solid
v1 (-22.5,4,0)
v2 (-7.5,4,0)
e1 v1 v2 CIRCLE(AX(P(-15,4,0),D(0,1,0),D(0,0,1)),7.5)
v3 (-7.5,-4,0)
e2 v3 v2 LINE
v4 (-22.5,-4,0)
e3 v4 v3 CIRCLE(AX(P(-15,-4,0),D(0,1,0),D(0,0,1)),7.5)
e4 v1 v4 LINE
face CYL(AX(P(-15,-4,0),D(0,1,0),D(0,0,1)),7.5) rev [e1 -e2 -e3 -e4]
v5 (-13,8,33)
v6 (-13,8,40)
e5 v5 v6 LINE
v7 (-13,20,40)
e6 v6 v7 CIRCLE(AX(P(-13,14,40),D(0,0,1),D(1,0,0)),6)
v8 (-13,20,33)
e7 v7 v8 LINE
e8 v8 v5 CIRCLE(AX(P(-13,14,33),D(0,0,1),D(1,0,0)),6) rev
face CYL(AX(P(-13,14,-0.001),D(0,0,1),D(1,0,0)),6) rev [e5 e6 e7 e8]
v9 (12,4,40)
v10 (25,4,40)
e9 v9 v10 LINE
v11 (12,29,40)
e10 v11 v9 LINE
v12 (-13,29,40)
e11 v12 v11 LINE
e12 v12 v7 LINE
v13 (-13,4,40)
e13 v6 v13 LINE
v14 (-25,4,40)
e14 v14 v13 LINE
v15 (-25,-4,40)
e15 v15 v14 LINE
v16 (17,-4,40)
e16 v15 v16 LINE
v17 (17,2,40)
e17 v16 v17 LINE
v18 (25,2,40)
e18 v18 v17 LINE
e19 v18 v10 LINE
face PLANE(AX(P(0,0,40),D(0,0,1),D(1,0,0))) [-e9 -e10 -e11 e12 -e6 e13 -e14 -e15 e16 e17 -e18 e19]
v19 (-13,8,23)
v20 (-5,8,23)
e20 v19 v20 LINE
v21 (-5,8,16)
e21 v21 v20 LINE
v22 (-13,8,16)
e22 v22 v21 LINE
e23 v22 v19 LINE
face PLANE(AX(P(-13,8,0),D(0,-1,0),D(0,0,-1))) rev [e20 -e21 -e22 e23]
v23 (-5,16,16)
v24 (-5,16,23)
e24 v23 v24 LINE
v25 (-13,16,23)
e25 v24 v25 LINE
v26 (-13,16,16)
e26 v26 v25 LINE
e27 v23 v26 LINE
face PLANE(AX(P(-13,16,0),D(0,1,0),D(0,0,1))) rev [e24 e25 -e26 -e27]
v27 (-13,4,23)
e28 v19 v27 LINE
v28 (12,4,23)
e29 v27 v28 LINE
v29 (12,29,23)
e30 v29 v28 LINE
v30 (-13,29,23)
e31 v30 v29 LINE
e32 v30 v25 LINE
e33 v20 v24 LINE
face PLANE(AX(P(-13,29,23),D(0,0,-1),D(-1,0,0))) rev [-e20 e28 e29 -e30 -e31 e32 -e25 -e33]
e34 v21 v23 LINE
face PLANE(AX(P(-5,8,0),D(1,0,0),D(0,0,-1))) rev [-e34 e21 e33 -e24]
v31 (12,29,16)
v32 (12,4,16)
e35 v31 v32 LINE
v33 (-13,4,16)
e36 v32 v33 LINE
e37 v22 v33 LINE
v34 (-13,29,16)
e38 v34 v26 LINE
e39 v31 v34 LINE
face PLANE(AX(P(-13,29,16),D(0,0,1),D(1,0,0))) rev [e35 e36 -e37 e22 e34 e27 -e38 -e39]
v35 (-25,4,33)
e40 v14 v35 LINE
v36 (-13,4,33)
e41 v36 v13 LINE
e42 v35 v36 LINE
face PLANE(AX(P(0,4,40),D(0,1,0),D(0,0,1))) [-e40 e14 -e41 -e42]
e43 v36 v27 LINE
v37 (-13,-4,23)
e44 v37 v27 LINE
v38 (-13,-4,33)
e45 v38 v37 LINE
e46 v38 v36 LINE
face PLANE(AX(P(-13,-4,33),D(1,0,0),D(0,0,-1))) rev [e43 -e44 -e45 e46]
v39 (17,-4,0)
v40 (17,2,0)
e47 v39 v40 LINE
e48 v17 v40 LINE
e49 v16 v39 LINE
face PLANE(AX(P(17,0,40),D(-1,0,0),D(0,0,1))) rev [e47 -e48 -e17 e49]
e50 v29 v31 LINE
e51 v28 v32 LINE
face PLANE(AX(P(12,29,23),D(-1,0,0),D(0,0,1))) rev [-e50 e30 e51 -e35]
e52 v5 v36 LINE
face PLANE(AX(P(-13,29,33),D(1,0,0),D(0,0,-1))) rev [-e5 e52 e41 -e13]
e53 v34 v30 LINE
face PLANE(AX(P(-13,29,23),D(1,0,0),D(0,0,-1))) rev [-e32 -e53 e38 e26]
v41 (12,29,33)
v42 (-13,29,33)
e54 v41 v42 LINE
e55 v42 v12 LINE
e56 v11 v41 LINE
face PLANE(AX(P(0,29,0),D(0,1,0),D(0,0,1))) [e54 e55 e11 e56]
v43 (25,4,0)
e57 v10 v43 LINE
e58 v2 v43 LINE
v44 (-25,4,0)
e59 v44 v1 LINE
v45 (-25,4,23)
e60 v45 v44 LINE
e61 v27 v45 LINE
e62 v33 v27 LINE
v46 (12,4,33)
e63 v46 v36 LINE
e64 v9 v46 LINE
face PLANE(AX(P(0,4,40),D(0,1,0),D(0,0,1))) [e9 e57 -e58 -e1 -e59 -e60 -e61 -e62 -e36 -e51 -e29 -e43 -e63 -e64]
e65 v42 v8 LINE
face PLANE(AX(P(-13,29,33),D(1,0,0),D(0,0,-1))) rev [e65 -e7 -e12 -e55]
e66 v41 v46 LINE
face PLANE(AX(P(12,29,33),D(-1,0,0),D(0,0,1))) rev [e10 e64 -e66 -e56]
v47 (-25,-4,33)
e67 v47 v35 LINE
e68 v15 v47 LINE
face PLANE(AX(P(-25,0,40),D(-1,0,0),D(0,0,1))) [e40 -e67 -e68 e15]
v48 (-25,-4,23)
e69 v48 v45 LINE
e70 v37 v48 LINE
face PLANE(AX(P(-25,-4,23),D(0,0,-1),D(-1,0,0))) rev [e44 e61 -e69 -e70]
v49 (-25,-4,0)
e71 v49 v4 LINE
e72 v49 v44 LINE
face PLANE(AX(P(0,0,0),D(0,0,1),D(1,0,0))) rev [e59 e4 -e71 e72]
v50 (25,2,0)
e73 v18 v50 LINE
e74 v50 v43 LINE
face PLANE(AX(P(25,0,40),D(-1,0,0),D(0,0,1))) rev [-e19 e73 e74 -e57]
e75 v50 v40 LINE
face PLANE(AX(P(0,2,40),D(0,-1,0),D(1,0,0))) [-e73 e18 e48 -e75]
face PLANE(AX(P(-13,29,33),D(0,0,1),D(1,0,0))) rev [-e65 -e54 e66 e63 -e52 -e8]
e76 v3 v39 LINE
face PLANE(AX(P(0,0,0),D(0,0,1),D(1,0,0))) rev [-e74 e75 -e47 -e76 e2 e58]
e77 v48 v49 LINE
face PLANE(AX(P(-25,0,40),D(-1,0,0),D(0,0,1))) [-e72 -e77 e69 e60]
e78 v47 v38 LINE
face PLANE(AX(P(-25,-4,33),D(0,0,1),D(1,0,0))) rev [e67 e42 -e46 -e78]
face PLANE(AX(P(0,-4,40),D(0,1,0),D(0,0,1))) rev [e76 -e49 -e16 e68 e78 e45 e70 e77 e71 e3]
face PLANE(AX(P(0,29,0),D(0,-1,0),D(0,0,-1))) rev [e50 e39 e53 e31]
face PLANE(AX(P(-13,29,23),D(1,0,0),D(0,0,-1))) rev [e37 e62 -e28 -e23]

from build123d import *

# Parameters (mm, degrees)
EXTRUDE_1_DEPTH     = 40
SKETCH_2_R          = 7.5
SKETCH_2_W          = 12
SKETCH_2_H          = 10
CUT_EXTRUDE_1_DEPTH = 48.843494856
SKETCH_3_W          = 25
SKETCH_3_H          = 7
EXTRUDE_2_DEPTH     = 25
CUT_EXTRUDE_2_REACH = 57.371
SKETCH_4_R          = 6
SKETCH_6_W          = 8
SKETCH_6_H          = 8
CUT_EXTRUDE_3_DEPTH = 45.665422868


with BuildPart() as part:
    # Эскиз1 → Бобышка-Вытянуть1 (new body)
    with BuildSketch(Plane.XY):
        Polygon((-25, 4), (-25, -4), (17, -4), (17, 2), (25, 2), (25, 4), align=None)
    extrude(amount=EXTRUDE_1_DEPTH)

    # Эскиз2 → Вырез-Вытянуть1 (cut, through all)
    with BuildSketch(Plane(origin=(0, 4, 0), x_dir=(1, 0, 0), z_dir=(0, 1, 0))):
        with Locations((-15, 0)):
            Circle(SKETCH_2_R)
        with Locations((-19, -28)):
            Rectangle(SKETCH_2_W, SKETCH_2_H)
    extrude(amount=-CUT_EXTRUDE_1_DEPTH, mode=Mode.SUBTRACT)

    # Эскиз3 → Бобышка-Вытянуть2 (add)
    with BuildSketch(Plane(origin=(0, 4, 0), x_dir=(1, 0, 0), z_dir=(0, 1, 0))):
        with Locations((-0.5, -36.5)):
            Rectangle(SKETCH_3_W, SKETCH_3_H)
        with Locations((-0.5, -19.5)):
            Rectangle(SKETCH_3_W, SKETCH_3_H)
    extrude(amount=EXTRUDE_2_DEPTH)

    # Эскиз4 → Вырез-Вытянуть2 (cut, up to next)
    with BuildSketch(Plane.XY.offset(40), mode=Mode.PRIVATE) as cut_extrude_2_sk1:
        with Locations((-13, 14)):
            Circle(SKETCH_4_R)
    cut_extrude_2_tool1 = extrude(cut_extrude_2_sk1.sketch, amount=-CUT_EXTRUDE_2_REACH, mode=Mode.PRIVATE) & part.part
    add(cut_extrude_2_tool1.solids().sort_by_distance((-13, 14, 40))[0], mode=Mode.SUBTRACT)

    # Эскиз6 → Вырез-Вытянуть3 (cut, through all)
    with BuildSketch(Plane.XY.offset(23)):
        with Locations((-9, 12)):
            Rectangle(SKETCH_6_W, SKETCH_6_H)
    extrude(amount=-CUT_EXTRUDE_3_DEPTH, mode=Mode.SUBTRACT)


solid = part.part
